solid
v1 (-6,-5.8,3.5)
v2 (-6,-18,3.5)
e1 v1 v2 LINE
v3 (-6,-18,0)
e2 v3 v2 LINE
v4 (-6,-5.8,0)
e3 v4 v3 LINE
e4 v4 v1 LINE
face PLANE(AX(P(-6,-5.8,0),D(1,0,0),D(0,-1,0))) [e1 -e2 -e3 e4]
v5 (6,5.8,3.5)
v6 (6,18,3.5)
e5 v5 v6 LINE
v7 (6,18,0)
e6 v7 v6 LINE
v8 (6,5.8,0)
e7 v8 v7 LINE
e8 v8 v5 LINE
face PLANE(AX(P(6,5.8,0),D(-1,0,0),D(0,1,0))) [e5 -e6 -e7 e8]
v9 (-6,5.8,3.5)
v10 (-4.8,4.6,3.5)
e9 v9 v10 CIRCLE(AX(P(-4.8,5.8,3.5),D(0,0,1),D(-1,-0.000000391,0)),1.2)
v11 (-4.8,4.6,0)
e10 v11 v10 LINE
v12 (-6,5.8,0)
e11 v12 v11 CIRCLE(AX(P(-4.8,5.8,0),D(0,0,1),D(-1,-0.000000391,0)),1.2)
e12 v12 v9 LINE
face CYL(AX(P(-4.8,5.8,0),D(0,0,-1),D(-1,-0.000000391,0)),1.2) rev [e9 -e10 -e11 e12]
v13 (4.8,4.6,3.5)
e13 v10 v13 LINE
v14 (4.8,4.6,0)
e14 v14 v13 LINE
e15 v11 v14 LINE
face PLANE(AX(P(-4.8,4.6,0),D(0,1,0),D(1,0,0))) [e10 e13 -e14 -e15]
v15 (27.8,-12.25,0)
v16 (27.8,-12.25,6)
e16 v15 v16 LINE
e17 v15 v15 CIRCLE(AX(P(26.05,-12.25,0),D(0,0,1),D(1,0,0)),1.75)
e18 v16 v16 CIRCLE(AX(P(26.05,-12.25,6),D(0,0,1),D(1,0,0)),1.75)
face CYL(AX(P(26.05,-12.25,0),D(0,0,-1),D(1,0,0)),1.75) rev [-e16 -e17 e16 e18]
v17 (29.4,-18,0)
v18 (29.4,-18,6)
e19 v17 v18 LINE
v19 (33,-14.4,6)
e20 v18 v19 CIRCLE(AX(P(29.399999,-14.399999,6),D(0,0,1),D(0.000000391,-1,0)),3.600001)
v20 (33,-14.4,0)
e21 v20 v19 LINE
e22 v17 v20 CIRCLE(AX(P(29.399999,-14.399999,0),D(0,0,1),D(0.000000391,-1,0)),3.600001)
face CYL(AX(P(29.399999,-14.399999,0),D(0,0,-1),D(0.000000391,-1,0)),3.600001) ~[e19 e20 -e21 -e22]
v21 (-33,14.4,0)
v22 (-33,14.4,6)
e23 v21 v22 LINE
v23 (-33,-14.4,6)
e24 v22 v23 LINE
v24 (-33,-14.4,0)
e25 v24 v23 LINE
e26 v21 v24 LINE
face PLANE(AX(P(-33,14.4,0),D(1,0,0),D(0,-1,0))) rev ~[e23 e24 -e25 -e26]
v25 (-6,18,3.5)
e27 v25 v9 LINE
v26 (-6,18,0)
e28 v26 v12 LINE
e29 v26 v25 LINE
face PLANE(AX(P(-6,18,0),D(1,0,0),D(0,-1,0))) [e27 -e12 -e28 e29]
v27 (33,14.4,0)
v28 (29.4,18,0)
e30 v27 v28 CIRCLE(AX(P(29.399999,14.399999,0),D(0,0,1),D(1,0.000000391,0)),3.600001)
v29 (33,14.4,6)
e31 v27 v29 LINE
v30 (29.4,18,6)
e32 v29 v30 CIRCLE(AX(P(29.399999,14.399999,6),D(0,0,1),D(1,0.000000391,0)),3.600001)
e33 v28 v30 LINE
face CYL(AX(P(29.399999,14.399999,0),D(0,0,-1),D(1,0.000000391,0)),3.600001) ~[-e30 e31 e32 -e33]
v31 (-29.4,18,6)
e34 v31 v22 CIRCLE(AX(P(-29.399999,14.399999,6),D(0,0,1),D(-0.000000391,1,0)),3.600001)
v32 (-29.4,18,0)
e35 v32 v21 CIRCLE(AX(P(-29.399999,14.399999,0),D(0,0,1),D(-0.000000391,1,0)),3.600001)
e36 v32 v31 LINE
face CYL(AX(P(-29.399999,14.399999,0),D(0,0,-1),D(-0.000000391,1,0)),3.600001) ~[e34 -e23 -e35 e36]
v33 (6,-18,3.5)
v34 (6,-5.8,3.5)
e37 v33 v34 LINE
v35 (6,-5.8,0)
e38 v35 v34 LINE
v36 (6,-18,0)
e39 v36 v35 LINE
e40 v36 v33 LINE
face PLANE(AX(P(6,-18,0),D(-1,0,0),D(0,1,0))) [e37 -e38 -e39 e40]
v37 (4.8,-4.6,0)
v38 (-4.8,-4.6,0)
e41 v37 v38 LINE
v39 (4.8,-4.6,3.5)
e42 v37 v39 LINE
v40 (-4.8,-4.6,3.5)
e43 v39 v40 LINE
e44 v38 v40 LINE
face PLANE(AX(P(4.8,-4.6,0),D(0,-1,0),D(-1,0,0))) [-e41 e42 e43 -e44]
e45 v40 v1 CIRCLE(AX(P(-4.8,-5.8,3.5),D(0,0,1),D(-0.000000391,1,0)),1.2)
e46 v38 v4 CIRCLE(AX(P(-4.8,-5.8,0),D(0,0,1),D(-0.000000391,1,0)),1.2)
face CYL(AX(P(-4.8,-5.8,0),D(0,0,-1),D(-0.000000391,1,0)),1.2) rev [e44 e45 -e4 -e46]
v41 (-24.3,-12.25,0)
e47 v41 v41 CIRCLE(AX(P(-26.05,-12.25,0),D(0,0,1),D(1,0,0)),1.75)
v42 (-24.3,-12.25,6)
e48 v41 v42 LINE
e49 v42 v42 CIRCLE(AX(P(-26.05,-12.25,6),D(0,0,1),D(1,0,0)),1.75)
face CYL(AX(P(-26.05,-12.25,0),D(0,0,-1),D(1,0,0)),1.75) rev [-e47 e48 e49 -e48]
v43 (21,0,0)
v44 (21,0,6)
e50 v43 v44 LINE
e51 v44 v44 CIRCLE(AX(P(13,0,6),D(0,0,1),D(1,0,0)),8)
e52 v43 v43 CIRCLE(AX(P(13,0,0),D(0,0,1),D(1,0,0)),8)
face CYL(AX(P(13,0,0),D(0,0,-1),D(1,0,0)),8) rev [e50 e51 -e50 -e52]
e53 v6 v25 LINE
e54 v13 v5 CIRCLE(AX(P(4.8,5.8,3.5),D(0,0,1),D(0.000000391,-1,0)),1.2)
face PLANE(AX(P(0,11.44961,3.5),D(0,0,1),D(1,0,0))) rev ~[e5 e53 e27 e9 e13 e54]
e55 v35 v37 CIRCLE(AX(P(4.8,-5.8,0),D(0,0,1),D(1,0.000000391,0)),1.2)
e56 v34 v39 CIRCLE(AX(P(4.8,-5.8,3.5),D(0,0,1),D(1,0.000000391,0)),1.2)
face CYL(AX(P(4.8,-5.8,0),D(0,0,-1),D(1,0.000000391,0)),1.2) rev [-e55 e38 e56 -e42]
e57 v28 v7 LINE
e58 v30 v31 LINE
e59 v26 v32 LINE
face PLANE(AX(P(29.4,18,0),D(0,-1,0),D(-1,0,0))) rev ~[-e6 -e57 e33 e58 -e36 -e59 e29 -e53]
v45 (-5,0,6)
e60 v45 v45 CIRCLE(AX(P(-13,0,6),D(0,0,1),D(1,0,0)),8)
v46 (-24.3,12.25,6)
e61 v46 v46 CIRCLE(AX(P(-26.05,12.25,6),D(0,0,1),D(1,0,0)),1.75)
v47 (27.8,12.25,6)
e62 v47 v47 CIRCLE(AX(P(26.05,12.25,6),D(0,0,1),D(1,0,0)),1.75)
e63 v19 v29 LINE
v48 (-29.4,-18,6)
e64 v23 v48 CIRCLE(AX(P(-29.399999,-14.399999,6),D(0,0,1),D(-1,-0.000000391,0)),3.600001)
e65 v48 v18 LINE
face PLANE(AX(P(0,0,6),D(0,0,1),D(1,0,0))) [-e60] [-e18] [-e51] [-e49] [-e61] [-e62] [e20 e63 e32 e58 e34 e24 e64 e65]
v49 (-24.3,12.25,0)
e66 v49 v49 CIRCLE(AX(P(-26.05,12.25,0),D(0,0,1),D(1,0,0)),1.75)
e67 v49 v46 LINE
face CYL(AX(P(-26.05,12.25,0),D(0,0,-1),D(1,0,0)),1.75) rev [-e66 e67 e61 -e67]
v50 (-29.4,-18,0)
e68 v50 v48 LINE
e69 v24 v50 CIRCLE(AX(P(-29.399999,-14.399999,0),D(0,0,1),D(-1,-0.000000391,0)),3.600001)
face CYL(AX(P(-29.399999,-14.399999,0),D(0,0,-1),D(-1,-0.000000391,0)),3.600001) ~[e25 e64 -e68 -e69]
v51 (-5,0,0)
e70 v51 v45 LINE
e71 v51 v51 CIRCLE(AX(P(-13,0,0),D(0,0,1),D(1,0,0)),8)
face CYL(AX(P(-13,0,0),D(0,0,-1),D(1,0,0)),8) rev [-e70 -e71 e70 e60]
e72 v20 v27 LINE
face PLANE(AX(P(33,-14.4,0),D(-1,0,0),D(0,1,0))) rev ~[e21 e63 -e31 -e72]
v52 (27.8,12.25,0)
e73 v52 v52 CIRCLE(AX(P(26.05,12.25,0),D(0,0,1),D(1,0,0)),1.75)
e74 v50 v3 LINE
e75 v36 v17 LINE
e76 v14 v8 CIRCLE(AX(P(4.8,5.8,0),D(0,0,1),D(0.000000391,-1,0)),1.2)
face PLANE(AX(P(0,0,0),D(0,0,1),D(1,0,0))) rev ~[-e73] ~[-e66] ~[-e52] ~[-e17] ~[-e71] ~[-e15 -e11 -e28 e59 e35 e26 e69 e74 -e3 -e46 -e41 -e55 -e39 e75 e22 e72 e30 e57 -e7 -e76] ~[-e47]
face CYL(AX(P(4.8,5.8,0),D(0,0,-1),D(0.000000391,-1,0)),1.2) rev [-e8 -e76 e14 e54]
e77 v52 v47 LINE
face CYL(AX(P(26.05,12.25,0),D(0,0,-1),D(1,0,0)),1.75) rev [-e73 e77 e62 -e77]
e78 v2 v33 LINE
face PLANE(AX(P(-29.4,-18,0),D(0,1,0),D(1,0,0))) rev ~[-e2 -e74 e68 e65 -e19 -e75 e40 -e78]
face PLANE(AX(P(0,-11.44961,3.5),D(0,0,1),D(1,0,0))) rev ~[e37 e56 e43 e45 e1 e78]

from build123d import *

# Parameters (mm, degrees)
F0_R     = 1.75
F0_R_2   = 8
F1_DEPTH = 6
F3_DEPTH = 3.5


with BuildPart() as f1:
    # F0 (on Top) → F1 (new body)
    with BuildSketch(Plane.XY):
        with BuildLine():
            ThreePointArc((33, 14.4), (31.945584, 16.945584), (29.4, 18))
            Line((29.4, 18), (-29.4, 18))
            ThreePointArc((-29.4, 18), (-31.945584, 16.945584), (-33, 14.4))
            Line((-33, 14.4), (-33, -14.4))
            ThreePointArc((-33, -14.4), (-31.945584, -16.945584), (-29.4, -18))
            Line((-29.4, -18), (29.4, -18))
            ThreePointArc((29.4, -18), (31.945584, -16.945584), (33, -14.4))
            Line((33, -14.4), (33, 14.4))
        make_face()
        with Locations((-26.05, -12.25)):
            Circle(F0_R, mode=Mode.SUBTRACT)
        with Locations((26.05, -12.25)):
            Circle(F0_R, mode=Mode.SUBTRACT)
        with Locations((-13, 0)):
            Circle(F0_R_2, mode=Mode.SUBTRACT)
        with Locations((-26.05, 12.25)):
            Circle(F0_R, mode=Mode.SUBTRACT)
        with Locations((13, 0)):
            Circle(F0_R_2, mode=Mode.SUBTRACT)
        with Locations((26.05, 12.25)):
            Circle(F0_R, mode=Mode.SUBTRACT)
    extrude(amount=F1_DEPTH)

    # F2 (on face) → F3 (cut)
    with BuildSketch(Plane.XY):
        with BuildLine():
            Line((-6, -18), (6, -18))
            Line((6, -18), (6, -5.8))
            ThreePointArc((6, -5.8), (5.648528, -4.951472), (4.8, -4.6))
            Line((4.8, -4.6), (-4.8, -4.6))
            ThreePointArc((-4.8, -4.6), (-5.648528, -4.951472), (-6, -5.8))
            Line((-6, -5.8), (-6, -18))
        make_face()
        with BuildLine():
            ThreePointArc((4.8, 4.6), (5.648528, 4.951472), (6, 5.8))
            Line((6, 5.8), (6, 18))
            Line((6, 18), (-6, 18))
            Line((-6, 18), (-6, 5.8))
            ThreePointArc((-6, 5.8), (-5.648528, 4.951472), (-4.8, 4.6))
            Line((-4.8, 4.6), (4.8, 4.6))
        make_face()
    extrude(amount=F3_DEPTH, mode=Mode.SUBTRACT)


solid = f1.part
